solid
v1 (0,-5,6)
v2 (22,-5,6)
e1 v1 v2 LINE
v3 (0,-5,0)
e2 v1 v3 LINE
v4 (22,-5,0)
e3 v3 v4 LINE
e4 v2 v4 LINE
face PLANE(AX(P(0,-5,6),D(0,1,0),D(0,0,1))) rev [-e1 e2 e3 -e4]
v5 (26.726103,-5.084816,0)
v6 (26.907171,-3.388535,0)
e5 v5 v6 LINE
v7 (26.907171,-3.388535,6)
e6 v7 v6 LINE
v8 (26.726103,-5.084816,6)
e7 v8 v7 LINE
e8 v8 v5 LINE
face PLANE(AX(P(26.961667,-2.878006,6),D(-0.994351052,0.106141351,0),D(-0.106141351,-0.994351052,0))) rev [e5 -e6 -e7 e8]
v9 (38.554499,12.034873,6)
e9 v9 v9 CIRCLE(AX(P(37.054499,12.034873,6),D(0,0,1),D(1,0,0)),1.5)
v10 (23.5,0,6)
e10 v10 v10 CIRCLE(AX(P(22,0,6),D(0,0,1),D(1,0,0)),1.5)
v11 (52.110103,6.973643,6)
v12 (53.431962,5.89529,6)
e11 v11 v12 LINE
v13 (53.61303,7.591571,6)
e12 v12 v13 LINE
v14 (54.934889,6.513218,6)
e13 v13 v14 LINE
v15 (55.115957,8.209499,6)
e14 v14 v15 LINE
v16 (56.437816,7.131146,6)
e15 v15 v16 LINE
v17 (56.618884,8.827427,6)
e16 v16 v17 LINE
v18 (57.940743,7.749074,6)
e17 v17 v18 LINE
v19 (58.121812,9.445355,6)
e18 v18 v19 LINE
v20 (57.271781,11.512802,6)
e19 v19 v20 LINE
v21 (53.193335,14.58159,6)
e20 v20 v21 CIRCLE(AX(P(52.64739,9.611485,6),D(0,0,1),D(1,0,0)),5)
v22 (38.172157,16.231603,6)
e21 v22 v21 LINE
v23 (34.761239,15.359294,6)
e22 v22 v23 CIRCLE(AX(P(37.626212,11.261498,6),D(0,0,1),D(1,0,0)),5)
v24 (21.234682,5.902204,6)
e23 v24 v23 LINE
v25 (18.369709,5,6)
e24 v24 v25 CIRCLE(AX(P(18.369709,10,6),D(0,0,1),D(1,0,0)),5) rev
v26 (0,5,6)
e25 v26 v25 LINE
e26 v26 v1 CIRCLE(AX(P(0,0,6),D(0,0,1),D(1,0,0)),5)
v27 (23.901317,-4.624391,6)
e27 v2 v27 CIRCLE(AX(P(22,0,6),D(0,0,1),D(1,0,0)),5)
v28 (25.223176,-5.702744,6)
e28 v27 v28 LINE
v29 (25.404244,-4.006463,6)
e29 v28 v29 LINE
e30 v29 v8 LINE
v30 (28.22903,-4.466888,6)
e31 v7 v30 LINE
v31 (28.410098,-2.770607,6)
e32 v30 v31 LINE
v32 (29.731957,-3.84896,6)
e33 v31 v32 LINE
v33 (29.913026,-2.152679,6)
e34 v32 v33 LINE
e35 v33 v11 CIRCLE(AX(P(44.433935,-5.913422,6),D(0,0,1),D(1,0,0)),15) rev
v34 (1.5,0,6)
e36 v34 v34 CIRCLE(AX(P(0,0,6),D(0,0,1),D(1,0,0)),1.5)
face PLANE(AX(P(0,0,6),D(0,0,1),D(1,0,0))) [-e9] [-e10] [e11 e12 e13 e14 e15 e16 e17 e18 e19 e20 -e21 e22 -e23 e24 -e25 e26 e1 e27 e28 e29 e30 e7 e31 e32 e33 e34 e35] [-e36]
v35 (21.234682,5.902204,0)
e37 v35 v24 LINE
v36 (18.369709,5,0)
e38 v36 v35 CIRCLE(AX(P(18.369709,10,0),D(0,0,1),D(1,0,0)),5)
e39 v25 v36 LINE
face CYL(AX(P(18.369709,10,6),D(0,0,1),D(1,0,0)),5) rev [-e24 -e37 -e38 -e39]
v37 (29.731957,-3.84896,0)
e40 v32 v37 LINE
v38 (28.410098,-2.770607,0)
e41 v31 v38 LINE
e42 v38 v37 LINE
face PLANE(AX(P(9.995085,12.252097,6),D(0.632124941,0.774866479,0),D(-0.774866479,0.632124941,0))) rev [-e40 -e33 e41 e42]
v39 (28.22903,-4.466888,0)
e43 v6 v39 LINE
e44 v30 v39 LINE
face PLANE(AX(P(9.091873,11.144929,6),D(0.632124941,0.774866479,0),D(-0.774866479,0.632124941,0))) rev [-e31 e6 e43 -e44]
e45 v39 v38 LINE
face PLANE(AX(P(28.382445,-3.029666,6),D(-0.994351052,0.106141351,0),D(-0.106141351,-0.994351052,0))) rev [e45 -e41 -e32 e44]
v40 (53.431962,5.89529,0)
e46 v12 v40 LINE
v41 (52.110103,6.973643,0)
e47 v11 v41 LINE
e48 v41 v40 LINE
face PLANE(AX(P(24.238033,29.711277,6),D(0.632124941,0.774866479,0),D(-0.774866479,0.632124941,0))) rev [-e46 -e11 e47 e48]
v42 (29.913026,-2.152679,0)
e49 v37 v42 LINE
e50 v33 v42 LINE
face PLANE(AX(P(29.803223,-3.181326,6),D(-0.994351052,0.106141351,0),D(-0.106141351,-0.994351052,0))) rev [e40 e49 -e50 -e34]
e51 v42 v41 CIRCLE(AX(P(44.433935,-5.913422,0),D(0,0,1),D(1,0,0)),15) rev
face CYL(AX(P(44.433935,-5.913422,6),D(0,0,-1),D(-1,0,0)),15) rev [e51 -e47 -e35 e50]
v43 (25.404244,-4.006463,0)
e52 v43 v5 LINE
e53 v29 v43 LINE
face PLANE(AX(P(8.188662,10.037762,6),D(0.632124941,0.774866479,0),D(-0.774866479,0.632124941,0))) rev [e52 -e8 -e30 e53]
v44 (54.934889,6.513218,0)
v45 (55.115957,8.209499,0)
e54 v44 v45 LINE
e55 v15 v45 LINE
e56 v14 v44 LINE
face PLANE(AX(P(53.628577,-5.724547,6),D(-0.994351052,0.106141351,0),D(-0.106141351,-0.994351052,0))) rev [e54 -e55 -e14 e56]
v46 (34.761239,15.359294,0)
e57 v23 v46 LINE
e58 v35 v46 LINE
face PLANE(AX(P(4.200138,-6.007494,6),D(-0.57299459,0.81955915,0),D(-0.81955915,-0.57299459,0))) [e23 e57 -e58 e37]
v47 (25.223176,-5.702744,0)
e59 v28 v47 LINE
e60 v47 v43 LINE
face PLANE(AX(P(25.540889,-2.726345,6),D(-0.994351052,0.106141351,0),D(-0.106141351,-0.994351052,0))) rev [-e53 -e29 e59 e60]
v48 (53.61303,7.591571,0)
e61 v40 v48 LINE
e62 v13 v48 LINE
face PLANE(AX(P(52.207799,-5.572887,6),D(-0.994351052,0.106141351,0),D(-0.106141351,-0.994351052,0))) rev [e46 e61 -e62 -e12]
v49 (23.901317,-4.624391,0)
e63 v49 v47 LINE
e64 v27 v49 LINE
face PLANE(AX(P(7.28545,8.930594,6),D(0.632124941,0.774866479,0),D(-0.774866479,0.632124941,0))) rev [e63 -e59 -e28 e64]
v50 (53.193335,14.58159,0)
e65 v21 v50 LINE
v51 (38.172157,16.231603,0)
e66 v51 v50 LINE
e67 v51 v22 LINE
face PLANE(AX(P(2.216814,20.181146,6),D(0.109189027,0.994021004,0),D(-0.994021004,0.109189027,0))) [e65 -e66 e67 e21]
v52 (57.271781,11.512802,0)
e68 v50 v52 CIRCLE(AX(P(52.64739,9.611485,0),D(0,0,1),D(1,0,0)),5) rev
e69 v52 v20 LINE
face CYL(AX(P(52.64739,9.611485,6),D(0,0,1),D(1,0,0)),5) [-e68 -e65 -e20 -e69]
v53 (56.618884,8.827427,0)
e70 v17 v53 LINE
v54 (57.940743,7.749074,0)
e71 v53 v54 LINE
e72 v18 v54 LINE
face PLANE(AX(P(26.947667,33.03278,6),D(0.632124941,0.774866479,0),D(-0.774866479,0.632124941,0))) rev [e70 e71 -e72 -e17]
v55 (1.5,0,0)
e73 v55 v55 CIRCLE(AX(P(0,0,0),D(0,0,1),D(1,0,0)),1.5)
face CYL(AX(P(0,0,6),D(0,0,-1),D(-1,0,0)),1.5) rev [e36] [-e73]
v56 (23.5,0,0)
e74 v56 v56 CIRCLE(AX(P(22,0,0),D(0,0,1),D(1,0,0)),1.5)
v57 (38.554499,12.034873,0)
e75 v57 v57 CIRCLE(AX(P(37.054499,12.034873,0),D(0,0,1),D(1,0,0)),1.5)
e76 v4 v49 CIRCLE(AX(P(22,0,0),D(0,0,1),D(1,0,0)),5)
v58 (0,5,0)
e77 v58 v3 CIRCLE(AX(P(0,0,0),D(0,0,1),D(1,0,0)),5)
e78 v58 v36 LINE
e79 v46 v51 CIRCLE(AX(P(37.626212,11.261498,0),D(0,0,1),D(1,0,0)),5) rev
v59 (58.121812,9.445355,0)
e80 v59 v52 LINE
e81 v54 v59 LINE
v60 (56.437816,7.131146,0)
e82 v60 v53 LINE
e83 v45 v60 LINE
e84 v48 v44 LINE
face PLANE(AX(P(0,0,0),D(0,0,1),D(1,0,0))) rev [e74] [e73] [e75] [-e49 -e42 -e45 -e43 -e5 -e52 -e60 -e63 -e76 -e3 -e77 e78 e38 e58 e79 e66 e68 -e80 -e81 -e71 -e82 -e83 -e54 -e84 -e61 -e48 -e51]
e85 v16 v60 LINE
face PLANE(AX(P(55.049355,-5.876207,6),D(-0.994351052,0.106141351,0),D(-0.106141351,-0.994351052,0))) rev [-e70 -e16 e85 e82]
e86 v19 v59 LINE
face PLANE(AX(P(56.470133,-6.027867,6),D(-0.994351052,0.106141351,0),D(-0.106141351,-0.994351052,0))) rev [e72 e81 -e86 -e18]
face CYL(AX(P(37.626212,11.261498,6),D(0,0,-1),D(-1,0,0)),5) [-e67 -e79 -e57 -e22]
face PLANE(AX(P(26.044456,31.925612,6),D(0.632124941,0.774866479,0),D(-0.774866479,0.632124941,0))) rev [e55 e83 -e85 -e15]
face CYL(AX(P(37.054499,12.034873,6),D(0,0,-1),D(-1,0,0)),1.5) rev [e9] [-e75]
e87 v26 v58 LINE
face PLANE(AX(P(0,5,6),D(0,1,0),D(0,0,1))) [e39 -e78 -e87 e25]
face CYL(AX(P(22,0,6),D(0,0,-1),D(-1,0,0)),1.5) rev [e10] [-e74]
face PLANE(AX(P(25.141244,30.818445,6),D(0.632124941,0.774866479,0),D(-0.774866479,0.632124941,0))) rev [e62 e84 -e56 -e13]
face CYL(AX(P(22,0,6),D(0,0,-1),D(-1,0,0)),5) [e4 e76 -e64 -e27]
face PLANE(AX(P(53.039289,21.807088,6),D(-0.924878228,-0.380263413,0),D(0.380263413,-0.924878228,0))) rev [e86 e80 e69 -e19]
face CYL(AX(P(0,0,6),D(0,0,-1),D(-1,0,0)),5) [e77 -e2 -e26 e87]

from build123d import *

# Parameters (mm, degrees)
SKETCH1_R           = 1.5
BOSS_EXTRUDE1_DEPTH = 6
FILLET2_R           = 5


with BuildPart() as part:
    # Sketch1 → Boss-Extrude1 (new body)
    with BuildSketch(Plane.XY):
        with BuildLine():
            Line((19.944251464, 5), (0, 5))
            ThreePointArc((0, 5), (-5, 0), (0, -5))
            Line((0, -5), (22, -5))
            ThreePointArc((22, -5), (22.969031552, -4.905199063), (23.901317064, -4.624391141))
            Line((23.901317064, -4.624391141), (25.223175743, -5.70274446))
            Line((25.223175743, -5.70274446), (25.404244184, -4.006463095))
            Line((25.404244184, -4.006463095), (26.726102864, -5.084816415))
            Line((26.726102864, -5.084816415), (26.907171305, -3.388535049))
            Line((26.907171305, -3.388535049), (28.229029985, -4.466888369))
            Line((28.229029985, -4.466888369), (28.410098426, -2.770607004))
            Line((28.410098426, -2.770607004), (29.731957105, -3.848960323))
            Line((29.731957105, -3.848960323), (29.913025547, -2.152678958))
            ThreePointArc((29.913025547, -2.152678958), (38.729983808, 7.959751364), (52.110103023, 6.973642948))
            Line((52.110103023, 6.973642948), (53.431961702, 5.895289628))
            Line((53.431961702, 5.895289628), (53.613030144, 7.591570993))
            Line((53.613030144, 7.591570993), (54.934888823, 6.513217674))
            Line((54.934888823, 6.513217674), (55.115957264, 8.209499039))
            Line((55.115957264, 8.209499039), (56.437815944, 7.13114572))
            Line((56.437815944, 7.13114572), (56.618884385, 8.827427085))
            Line((56.618884385, 8.827427085), (57.940743065, 7.749073765))
            Line((57.940743065, 7.749073765), (58.121811506, 9.44535513))
            Line((58.121811506, 9.44535513), (56.143278706, 14.257550701))
            Line((56.143278706, 14.257550701), (36.302637348, 16.436961709))
            Line((36.302637348, 16.436961709), (19.944251464, 5))
        make_face()
        Circle(SKETCH1_R, mode=Mode.SUBTRACT)
        with Locations((22, 0)):
            Circle(SKETCH1_R, mode=Mode.SUBTRACT)
        with Locations((37.054498685, 12.034873136)):
            Circle(SKETCH1_R, mode=Mode.SUBTRACT)
    extrude(amount=BOSS_EXTRUDE1_DEPTH)

    # Fillet2
    fillet2_edges = [part.edges().sort_by_distance(p)[0] for p in [
        (19.944251464, 5, 3),
        (36.302637348, 16.436961709, 3),
        (56.143278706, 14.257550701, 3),
    ]]
    fillet(fillet2_edges, radius=FILLET2_R)


solid = part.part
